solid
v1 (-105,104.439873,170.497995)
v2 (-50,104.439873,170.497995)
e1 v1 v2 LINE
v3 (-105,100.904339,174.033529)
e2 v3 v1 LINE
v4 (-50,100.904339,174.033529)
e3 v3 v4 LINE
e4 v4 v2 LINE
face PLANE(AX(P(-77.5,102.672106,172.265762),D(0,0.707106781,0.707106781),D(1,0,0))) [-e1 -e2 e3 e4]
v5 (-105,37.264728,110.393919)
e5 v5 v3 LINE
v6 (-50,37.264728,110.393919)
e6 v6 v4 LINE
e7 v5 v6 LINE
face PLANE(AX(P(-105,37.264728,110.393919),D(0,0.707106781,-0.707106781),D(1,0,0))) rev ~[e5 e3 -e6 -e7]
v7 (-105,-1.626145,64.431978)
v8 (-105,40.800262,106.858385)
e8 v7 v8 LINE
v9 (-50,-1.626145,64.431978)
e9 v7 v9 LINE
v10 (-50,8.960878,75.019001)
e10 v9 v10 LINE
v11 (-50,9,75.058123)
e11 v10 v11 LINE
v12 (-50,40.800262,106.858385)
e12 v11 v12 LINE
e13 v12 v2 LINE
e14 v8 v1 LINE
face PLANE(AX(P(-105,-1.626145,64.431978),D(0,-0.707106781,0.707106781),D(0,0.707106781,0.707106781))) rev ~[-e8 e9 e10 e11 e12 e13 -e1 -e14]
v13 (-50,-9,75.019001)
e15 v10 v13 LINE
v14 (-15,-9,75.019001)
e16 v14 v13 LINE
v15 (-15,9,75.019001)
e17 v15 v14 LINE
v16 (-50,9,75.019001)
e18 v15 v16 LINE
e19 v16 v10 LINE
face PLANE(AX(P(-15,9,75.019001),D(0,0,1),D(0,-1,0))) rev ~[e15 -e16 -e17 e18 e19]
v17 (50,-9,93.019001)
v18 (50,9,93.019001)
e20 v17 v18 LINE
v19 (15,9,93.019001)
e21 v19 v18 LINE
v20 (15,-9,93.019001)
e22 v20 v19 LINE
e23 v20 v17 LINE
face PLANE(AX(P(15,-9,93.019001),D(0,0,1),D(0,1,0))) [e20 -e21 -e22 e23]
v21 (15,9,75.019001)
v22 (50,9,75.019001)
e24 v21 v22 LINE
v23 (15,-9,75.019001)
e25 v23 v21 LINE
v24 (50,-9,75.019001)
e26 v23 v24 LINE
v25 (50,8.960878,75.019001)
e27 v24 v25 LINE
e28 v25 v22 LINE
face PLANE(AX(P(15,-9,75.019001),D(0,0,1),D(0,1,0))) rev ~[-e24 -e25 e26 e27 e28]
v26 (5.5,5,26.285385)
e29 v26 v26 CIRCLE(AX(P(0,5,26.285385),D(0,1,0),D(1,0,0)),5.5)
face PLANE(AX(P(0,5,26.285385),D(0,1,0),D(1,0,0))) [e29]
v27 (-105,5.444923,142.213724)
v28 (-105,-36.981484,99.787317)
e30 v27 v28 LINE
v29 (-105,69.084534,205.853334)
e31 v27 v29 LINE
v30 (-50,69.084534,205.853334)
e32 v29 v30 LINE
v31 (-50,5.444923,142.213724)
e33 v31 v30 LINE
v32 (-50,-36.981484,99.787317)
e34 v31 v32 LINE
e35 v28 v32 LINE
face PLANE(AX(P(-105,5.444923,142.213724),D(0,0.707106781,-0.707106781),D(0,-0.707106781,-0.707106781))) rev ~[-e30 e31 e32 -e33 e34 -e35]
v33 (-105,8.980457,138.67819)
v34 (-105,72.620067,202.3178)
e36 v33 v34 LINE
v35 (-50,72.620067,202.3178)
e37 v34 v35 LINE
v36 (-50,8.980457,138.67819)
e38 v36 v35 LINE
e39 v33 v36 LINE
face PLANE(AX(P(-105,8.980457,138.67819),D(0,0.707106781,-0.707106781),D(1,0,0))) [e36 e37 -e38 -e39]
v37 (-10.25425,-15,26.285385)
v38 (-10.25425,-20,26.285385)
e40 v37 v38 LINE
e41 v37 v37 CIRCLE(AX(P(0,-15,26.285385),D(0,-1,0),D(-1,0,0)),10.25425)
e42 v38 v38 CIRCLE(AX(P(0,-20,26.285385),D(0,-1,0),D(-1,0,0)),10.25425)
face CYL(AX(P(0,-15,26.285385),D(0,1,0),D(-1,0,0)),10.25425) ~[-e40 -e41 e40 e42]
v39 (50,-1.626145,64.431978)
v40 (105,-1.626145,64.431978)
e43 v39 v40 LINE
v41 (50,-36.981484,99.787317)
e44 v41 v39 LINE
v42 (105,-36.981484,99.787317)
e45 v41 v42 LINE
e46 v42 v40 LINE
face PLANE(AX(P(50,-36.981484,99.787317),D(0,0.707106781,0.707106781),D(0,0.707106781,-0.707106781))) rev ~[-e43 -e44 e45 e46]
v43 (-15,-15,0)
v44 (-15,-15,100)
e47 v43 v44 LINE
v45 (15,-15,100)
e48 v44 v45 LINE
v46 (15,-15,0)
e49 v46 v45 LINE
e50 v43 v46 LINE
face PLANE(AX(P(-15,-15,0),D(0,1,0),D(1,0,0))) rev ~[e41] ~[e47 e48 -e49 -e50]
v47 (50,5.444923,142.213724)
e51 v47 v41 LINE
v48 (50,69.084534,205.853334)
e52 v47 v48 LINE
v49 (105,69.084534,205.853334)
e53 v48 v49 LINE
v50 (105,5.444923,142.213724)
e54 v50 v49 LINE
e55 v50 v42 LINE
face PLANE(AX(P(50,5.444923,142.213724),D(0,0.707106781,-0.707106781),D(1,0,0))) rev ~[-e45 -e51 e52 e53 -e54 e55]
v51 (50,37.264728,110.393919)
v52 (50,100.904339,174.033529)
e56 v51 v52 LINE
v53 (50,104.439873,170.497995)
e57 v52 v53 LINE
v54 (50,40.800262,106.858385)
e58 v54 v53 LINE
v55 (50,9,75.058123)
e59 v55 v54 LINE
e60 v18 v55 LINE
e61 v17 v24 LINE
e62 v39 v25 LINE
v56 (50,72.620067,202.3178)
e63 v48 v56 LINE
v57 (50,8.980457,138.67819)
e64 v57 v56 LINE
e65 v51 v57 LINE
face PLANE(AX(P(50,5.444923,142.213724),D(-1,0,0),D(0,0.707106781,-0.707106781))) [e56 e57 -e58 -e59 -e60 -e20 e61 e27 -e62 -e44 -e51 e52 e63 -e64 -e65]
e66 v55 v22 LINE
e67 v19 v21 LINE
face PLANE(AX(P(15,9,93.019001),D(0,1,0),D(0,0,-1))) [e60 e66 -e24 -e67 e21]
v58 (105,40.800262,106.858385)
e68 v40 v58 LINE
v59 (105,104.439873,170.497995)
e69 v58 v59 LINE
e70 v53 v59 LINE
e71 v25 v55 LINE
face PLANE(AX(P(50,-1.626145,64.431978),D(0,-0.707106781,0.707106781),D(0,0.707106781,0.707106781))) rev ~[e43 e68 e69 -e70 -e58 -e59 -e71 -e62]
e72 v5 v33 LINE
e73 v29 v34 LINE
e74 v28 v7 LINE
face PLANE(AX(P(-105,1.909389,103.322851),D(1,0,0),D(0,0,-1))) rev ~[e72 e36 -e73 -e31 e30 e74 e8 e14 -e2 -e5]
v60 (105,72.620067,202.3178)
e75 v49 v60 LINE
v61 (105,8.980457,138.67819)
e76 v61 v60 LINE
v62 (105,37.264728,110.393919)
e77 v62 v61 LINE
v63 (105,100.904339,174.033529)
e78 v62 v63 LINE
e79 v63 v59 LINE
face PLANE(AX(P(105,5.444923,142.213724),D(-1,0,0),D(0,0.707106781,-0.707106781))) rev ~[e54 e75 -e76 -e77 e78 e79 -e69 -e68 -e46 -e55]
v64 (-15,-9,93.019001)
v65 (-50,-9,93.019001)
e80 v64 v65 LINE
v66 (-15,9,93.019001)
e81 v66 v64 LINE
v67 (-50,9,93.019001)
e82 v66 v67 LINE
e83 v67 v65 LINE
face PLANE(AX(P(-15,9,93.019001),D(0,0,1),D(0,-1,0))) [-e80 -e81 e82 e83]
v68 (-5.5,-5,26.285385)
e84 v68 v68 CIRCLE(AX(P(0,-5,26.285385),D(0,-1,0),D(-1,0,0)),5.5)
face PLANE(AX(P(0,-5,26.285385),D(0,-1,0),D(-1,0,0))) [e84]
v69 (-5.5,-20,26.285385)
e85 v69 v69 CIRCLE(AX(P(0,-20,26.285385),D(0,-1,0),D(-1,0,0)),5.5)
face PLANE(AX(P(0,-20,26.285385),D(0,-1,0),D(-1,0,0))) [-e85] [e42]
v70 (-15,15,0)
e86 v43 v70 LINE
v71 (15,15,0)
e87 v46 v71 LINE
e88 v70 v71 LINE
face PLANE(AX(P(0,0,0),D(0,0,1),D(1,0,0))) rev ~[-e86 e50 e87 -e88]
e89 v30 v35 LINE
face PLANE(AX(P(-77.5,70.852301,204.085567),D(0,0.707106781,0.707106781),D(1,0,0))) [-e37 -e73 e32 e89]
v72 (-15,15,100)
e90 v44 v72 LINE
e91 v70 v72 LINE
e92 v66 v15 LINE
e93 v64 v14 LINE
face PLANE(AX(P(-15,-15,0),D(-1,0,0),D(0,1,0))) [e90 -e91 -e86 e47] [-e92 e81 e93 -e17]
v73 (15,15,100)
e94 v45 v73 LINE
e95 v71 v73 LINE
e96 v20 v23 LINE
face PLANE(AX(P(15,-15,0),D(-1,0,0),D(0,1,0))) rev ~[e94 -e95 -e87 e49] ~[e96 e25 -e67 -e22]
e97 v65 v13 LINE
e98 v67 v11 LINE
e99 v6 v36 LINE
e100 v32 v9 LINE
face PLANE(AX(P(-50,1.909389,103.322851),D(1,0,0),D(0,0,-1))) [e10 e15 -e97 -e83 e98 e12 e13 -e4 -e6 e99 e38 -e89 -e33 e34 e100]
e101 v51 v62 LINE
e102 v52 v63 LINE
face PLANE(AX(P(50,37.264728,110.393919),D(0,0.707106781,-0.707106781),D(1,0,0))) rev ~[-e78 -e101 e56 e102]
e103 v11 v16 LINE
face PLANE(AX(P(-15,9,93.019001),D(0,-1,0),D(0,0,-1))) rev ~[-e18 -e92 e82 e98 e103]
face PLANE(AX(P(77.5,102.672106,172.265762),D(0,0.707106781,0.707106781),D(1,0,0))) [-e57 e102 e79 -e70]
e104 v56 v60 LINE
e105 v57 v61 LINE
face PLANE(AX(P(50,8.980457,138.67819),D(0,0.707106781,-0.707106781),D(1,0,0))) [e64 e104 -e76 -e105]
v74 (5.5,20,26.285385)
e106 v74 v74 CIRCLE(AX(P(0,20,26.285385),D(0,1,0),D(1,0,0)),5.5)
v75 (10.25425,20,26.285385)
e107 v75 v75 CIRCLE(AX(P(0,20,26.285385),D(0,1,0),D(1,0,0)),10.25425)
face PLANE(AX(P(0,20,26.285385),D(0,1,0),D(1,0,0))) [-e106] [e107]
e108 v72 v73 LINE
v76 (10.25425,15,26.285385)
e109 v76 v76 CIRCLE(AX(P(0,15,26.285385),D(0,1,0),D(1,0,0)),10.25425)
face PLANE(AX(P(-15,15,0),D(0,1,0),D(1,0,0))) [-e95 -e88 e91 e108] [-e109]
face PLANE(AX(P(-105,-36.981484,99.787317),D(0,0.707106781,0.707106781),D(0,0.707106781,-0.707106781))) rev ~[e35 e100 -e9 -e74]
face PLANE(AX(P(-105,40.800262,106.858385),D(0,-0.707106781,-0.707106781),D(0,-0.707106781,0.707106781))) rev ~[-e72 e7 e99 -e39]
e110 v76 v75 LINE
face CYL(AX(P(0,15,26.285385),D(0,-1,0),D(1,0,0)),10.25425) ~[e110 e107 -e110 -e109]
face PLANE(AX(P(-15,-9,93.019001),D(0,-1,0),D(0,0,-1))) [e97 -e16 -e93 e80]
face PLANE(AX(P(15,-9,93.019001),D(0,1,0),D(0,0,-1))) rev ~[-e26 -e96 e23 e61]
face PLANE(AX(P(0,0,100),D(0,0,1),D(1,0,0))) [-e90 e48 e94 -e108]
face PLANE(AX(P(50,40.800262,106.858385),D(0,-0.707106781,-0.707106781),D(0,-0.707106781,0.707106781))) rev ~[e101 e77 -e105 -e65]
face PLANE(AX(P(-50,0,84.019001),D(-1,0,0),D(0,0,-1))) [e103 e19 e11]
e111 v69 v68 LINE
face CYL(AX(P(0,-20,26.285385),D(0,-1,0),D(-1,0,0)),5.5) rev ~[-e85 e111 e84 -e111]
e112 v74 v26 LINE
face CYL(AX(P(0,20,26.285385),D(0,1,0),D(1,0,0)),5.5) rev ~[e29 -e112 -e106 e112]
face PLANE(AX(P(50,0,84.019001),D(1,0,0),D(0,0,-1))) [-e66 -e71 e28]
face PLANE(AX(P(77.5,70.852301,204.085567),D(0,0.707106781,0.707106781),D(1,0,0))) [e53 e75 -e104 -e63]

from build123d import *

# Parameters (mm, degrees)
SKETCH_2_W               = 30
SKETCH_2_H               = 30
EXTRUDE_1_DEPTH          = 100
SKETCH_3_W               = 18
SKETCH_3_H               = 18
EXTRUDE_2_DEPTH          = 35
PATTERN_CIRCULAR_1_COUNT = 2
SKETCH_4_R               = 10.254249717
EXTRUDE_4_DEPTH          = 5
SKETCH_5_R               = 5.5
CUT_EXTRUDE_2_DEPTH      = 15
PATTERN_CIRCULAR_3_COUNT = 2
PATTERN_CIRCULAR_4_COUNT = 2
EXTRUDE_5_DEPTH          = 55
PATTERN_LINEAR_1_COUNT   = 2
PATTERN_LINEAR_1_PITCH   = 155
SKETCH_7_W               = 55
SKETCH_7_H               = 5
EXTRUDE_6_DEPTH          = 90


with BuildPart() as part:
    # 草图2 → 凸台-拉伸1 (new body)
    with BuildSketch(Plane.XY):
        Rectangle(SKETCH_2_W, SKETCH_2_H)
    extrude(amount=EXTRUDE_1_DEPTH)

    # 草图3 → 凸台-拉伸2 (add)
    with BuildSketch(Plane(origin=(15, 0, 0), x_dir=(0, 0, -1), z_dir=(1, 0, 0))):
        with Locations((-84.019000904, 0)):
            Rectangle(SKETCH_3_W, SKETCH_3_H)
    extrude_2 = extrude(amount=EXTRUDE_2_DEPTH)

    # 阵列(圆周)1: 凸台-拉伸2 ×2 about axis
    pattern_circular_1_axis = Axis((0, 0, 0), (0, 0, 1))
    for i in range(1, PATTERN_CIRCULAR_1_COUNT):
        add(extrude_2.rotate(pattern_circular_1_axis, i * 360 / PATTERN_CIRCULAR_1_COUNT))

    # 草图4 → 凸台-拉伸4 (add)
    with BuildSketch(Plane(origin=(0, 15, 0), x_dir=(1, 0, 0), z_dir=(0, 1, 0))):
        with Locations((0, -26.28538531)):
            Circle(SKETCH_4_R)
    extrude_4 = extrude(amount=EXTRUDE_4_DEPTH)

    # 草图5 → 切除-拉伸2 (cut)
    with BuildSketch(Plane(origin=(0, 20, 0), x_dir=(1, 0, 0), z_dir=(0, 1, 0))):
        with Locations((0, -26.28538531)):
            Circle(SKETCH_5_R)
    cut_extrude_2 = extrude(amount=-CUT_EXTRUDE_2_DEPTH, mode=Mode.SUBTRACT)

    # 阵列(圆周)3: 凸台-拉伸4 ×2 about axis
    pattern_circular_3_axis = Axis((0, 0, 100), (0, 0, -1))
    for i in range(1, PATTERN_CIRCULAR_3_COUNT):
        add(extrude_4.rotate(pattern_circular_3_axis, i * 360 / PATTERN_CIRCULAR_3_COUNT))

    # 阵列(圆周)4: 切除-拉伸2 ×2 about axis
    pattern_circular_4_axis = Axis((0, 0, 100), (0, 0, -1))
    for i in range(1, PATTERN_CIRCULAR_4_COUNT):
        add(cut_extrude_2.rotate(pattern_circular_4_axis, i * 360 / PATTERN_CIRCULAR_4_COUNT), mode=Mode.SUBTRACT)

    # 草图6 → 凸台-拉伸5 (add)
    with BuildSketch(Plane(origin=(50, 0, 0), x_dir=(0, 0, -1), z_dir=(1, 0, 0))):
        Polygon((-64.431978069, -1.626144526), (-106.85838494, 40.800262345), (-142.213724, 5.444923286), (-99.787317129, -36.981483585), align=None)
    extrude_5 = extrude(amount=EXTRUDE_5_DEPTH)

    # 阵列(线性)1: 凸台-拉伸5 ×2
    with Locations(*[(-i * PATTERN_LINEAR_1_PITCH, 0, 0) for i in range(1, PATTERN_LINEAR_1_COUNT)]):
        add(extrude_5)

    # 草图7 → 凸台-拉伸6 (add)
    with BuildSketch(Plane(origin=(0, 73.829323643, 73.829323643), x_dir=(1, 0, 0), z_dir=(0, 0.707106781, 0.707106781))):
        with Locations((77.5, -94.21014644)):
            Rectangle(SKETCH_7_W, SKETCH_7_H)
        with Locations((77.5, -49.21014644)):
            Rectangle(SKETCH_7_W, SKETCH_7_H)
        with Locations((-77.5, -94.21014644)):
            Rectangle(SKETCH_7_W, SKETCH_7_H)
        with Locations((-77.5, -49.21014644)):
            Rectangle(SKETCH_7_W, SKETCH_7_H)
    extrude(amount=EXTRUDE_6_DEPTH)


solid = part.part
